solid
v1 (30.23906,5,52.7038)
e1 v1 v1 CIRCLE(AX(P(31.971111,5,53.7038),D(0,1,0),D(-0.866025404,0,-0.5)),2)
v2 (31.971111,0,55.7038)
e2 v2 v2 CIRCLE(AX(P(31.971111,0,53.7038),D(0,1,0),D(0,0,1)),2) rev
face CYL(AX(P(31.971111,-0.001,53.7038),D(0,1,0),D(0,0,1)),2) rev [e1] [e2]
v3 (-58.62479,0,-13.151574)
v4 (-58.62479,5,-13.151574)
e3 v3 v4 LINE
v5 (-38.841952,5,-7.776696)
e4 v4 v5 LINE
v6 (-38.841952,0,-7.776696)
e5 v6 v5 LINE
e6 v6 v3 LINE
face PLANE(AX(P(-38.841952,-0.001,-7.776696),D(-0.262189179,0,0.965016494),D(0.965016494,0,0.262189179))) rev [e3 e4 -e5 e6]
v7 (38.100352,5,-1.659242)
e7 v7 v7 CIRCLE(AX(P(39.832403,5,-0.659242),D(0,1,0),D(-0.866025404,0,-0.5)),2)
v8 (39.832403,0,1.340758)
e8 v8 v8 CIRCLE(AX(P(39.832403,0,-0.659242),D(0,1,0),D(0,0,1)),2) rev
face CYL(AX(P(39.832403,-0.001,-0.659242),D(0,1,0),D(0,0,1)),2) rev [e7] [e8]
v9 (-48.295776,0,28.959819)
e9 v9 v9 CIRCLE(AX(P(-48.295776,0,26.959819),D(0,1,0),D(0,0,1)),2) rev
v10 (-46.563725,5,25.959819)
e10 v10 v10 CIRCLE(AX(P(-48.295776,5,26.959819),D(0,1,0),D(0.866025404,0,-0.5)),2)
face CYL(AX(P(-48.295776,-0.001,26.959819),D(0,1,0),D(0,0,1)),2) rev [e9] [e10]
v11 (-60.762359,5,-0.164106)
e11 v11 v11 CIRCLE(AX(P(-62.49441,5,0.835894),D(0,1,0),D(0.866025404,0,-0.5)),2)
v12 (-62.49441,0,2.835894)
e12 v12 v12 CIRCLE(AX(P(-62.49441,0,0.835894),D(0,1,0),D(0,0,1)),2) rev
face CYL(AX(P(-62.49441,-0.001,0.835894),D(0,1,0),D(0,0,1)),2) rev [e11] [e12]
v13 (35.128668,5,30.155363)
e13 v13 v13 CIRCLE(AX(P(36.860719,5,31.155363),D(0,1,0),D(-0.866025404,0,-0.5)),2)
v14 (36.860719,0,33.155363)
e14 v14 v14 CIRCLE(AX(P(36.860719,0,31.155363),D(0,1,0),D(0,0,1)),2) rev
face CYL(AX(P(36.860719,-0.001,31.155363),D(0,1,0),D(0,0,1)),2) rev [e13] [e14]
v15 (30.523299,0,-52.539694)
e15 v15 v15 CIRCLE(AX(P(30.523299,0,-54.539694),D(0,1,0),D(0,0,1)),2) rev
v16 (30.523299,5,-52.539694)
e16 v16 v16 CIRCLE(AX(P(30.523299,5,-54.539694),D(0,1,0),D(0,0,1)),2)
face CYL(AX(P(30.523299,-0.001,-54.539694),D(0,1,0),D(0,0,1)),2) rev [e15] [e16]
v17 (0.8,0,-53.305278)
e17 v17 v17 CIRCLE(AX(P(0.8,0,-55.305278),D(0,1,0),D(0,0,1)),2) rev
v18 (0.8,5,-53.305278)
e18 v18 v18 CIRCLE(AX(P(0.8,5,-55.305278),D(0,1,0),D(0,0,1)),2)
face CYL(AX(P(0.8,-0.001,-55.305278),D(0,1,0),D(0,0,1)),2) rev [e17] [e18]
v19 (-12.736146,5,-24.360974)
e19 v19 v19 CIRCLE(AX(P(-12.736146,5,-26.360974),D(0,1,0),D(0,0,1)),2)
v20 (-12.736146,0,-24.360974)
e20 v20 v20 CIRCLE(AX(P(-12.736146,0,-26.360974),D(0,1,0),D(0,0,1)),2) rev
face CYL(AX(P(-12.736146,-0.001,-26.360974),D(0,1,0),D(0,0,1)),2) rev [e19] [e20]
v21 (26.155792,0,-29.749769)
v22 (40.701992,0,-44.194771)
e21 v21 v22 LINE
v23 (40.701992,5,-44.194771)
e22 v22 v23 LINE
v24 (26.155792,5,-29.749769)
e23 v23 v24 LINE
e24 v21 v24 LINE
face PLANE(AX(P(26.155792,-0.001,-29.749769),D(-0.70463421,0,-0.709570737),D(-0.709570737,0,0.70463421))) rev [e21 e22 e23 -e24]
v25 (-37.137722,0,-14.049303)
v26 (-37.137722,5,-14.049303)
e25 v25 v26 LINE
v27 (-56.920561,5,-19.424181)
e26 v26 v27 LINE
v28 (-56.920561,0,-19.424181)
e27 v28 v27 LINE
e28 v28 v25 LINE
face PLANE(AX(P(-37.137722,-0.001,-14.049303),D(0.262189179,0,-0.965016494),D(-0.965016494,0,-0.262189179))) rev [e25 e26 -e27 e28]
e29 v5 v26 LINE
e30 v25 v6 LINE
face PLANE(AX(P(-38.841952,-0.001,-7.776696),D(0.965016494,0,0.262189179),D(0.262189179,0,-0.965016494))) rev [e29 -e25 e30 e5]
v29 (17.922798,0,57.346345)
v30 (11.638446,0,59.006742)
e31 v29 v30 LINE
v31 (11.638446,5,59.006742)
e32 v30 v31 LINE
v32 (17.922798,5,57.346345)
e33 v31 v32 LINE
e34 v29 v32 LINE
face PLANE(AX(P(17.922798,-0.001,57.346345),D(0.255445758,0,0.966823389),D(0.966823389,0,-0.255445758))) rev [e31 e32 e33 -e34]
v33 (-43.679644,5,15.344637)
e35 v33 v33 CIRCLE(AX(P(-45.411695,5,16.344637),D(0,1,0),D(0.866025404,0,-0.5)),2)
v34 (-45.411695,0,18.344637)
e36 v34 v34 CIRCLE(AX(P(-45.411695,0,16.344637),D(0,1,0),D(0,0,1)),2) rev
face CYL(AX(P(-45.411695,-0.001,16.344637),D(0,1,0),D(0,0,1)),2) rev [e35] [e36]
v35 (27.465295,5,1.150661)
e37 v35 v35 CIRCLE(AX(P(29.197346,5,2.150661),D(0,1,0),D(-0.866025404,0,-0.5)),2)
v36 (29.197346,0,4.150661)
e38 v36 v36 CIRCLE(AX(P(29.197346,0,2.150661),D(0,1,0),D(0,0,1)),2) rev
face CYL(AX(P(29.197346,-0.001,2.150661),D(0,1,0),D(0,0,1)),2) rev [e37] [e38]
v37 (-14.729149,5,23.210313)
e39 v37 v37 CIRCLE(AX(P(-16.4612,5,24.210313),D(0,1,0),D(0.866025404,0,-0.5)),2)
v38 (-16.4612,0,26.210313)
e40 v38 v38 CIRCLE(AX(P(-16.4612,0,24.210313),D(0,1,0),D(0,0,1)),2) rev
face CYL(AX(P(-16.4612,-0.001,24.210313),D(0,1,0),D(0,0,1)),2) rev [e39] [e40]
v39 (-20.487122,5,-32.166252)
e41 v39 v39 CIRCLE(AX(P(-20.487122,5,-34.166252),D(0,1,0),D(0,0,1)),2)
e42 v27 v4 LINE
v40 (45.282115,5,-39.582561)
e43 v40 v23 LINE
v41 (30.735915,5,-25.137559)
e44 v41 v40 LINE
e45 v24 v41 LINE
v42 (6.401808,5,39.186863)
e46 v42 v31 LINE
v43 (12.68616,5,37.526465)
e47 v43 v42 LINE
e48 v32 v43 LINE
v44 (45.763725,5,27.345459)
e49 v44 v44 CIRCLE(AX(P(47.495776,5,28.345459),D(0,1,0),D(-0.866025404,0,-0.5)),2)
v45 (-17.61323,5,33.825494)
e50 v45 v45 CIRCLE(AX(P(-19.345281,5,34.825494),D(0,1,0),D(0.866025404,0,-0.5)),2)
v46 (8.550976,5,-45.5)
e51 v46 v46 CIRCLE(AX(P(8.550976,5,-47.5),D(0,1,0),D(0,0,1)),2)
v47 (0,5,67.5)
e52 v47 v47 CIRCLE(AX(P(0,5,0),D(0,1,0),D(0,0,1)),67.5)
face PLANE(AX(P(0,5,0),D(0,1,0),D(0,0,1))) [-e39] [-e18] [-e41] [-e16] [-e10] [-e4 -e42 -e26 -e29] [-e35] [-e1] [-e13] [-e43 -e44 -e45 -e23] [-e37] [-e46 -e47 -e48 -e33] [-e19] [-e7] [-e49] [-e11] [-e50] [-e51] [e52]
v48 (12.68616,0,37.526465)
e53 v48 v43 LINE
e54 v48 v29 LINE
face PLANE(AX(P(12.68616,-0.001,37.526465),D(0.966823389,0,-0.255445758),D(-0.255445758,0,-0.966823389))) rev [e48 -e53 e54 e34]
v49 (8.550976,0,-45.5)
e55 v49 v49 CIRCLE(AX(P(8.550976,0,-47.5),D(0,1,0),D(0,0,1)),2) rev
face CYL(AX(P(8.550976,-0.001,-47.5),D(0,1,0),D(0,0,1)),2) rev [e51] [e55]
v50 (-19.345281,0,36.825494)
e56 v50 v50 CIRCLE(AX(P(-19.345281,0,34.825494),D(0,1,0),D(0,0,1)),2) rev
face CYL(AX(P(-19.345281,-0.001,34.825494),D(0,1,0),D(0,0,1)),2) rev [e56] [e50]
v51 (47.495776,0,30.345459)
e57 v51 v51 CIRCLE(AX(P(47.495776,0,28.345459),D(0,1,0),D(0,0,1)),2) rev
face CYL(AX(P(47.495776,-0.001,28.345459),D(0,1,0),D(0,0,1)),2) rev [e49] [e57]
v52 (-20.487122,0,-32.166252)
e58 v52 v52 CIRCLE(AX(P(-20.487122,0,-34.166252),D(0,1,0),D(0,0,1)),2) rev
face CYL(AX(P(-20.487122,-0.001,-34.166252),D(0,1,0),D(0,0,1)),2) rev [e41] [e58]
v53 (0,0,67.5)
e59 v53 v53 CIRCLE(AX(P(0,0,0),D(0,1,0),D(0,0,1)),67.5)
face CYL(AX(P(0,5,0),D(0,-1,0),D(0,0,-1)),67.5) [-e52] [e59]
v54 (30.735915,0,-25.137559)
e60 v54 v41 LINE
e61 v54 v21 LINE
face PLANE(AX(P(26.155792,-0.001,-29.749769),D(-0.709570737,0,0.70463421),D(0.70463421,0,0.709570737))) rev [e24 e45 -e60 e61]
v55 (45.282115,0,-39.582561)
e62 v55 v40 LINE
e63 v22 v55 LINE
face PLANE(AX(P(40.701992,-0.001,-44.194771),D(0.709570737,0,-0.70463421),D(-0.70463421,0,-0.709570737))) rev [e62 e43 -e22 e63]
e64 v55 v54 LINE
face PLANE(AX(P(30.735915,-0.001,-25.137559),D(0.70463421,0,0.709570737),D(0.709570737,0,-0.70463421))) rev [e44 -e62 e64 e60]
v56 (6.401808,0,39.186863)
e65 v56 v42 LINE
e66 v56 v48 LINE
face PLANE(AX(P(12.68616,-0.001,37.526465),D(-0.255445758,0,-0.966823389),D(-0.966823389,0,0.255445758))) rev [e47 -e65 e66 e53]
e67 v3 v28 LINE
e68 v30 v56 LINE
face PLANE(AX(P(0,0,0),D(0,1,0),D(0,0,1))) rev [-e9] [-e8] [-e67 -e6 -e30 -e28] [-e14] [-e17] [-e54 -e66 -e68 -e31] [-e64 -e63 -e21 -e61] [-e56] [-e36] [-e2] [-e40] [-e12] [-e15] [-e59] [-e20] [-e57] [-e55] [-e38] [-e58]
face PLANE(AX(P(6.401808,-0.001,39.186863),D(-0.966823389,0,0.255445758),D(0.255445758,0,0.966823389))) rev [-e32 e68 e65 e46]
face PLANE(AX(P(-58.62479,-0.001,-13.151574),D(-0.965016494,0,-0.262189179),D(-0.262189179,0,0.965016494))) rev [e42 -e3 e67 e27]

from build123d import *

# Parameters (mm, degrees)
SKETCH1_R           = 67.5
BOSS_EXTRUDE1_DEPTH = 5
CUT_EXTRUDE6_REACH  = 97.59
SKETCH7_R           = 2
CIRPATTERN1_COUNT   = 3


with BuildPart() as part:
    # Sketch1 → Boss-Extrude1 (new body)
    with BuildSketch(Plane(origin=(0, 0, 0), x_dir=(1, 0, 0), z_dir=(0, 1, 0))):
        with Locations(Location((0, 0, 0), (0, 0, 270))):
            Circle(SKETCH1_R)
    extrude(amount=BOSS_EXTRUDE1_DEPTH)

    # Sketch7 → Cut-Extrude6 (cut, up to next)
    with BuildSketch(Plane(origin=(0, 5, 0), x_dir=(1, 0, 0), z_dir=(0, 1, 0)), mode=Mode.PRIVATE) as cut_extrude6_sk1:
        with Locations(Location((0.8, 55.305278102, 0), (0, 0, 270))):
            Circle(SKETCH7_R)
    cut_extrude6_tool1 = extrude(cut_extrude6_sk1.sketch, amount=-CUT_EXTRUDE6_REACH, mode=Mode.PRIVATE) & part.part
    # Sketch7 → Cut-Extrude6 (cut, up to next)
    with BuildSketch(Plane(origin=(0, 5, 0), x_dir=(1, 0, 0), z_dir=(0, 1, 0)), mode=Mode.PRIVATE) as cut_extrude6_sk2:
        with Locations(Location((8.55097631, 47.5, 0), (0, 0, 270))):
            Circle(SKETCH7_R)
    cut_extrude6_tool2 = extrude(cut_extrude6_sk2.sketch, amount=-CUT_EXTRUDE6_REACH, mode=Mode.PRIVATE) & part.part
    # Sketch7 → Cut-Extrude6 (cut, up to next)
    with BuildSketch(Plane(origin=(0, 5, 0), x_dir=(1, 0, 0), z_dir=(0, 1, 0)), mode=Mode.PRIVATE) as cut_extrude6_sk3:
        with Locations(Location((-20.487122096, 34.166251803, 0), (0, 0, 270))):
            Circle(SKETCH7_R)
    cut_extrude6_tool3 = extrude(cut_extrude6_sk3.sketch, amount=-CUT_EXTRUDE6_REACH, mode=Mode.PRIVATE) & part.part
    # Sketch7 → Cut-Extrude6 (cut, up to next)
    with BuildSketch(Plane(origin=(0, 5, 0), x_dir=(1, 0, 0), z_dir=(0, 1, 0)), mode=Mode.PRIVATE) as cut_extrude6_sk4:
        with Locations(Location((-12.736145786, 26.360973701, 0), (0, 0, 270))):
            Circle(SKETCH7_R)
    cut_extrude6_tool4 = extrude(cut_extrude6_sk4.sketch, amount=-CUT_EXTRUDE6_REACH, mode=Mode.PRIVATE) & part.part
    # Sketch7 → Cut-Extrude6 (cut, up to next)
    with BuildSketch(Plane(origin=(0, 5, 0), x_dir=(1, 0, 0), z_dir=(0, 1, 0)), mode=Mode.PRIVATE) as cut_extrude6_sk5:
        with Locations(Location((30.523299338, 54.539693779, 0), (0, 0, 270))):
            Circle(SKETCH7_R)
    cut_extrude6_tool5 = extrude(cut_extrude6_sk5.sketch, amount=-CUT_EXTRUDE6_REACH, mode=Mode.PRIVATE) & part.part
    # Sketch7 → Cut-Extrude6 (cut, up to next)
    with BuildSketch(Plane(origin=(0, 5, 0), x_dir=(1, 0, 0), z_dir=(0, 1, 0)), mode=Mode.PRIVATE) as cut_extrude6_sk6:
        Polygon((26.155792386, 29.749769214), (40.701992485, 44.194770518), (45.282114849, 39.58256073), (30.73591475, 25.137559426), align=None)
    cut_extrude6_tool6 = extrude(cut_extrude6_sk6.sketch, amount=-CUT_EXTRUDE6_REACH, mode=Mode.PRIVATE) & part.part
    cut_extrude6_1 = cut_extrude6_tool1.solids().sort_by_distance((0.8, 5, -55.305278))[0]
    add(cut_extrude6_1, mode=Mode.SUBTRACT)
    cut_extrude6_2 = cut_extrude6_tool2.solids().sort_by_distance((8.550976, 5, -47.5))[0]
    add(cut_extrude6_2, mode=Mode.SUBTRACT)
    cut_extrude6_3 = cut_extrude6_tool3.solids().sort_by_distance((-20.487122, 5, -34.166252))[0]
    add(cut_extrude6_3, mode=Mode.SUBTRACT)
    cut_extrude6_4 = cut_extrude6_tool4.solids().sort_by_distance((-12.736146, 5, -26.360974))[0]
    add(cut_extrude6_4, mode=Mode.SUBTRACT)
    cut_extrude6_5 = cut_extrude6_tool5.solids().sort_by_distance((30.523299, 5, -54.539694))[0]
    add(cut_extrude6_5, mode=Mode.SUBTRACT)
    cut_extrude6_6 = cut_extrude6_tool6.solids().sort_by_distance((35.718954, 5, -34.666165))[0]
    add(cut_extrude6_6, mode=Mode.SUBTRACT)
    cut_extrude6 = cut_extrude6_1 + cut_extrude6_2 + cut_extrude6_3 + cut_extrude6_4 + cut_extrude6_5 + cut_extrude6_6  # Cut-Extrude6 as one shape, for the pattern or mirror that repeats it

    # CirPattern1: Cut-Extrude6 ×3 about axis
    cirpattern1_axis = Axis((0, 0, 0), (0, 1, 0))
    for i in range(1, CIRPATTERN1_COUNT):
        add(cut_extrude6.rotate(cirpattern1_axis, i * 360 / CIRPATTERN1_COUNT), mode=Mode.SUBTRACT)


solid = part.part
